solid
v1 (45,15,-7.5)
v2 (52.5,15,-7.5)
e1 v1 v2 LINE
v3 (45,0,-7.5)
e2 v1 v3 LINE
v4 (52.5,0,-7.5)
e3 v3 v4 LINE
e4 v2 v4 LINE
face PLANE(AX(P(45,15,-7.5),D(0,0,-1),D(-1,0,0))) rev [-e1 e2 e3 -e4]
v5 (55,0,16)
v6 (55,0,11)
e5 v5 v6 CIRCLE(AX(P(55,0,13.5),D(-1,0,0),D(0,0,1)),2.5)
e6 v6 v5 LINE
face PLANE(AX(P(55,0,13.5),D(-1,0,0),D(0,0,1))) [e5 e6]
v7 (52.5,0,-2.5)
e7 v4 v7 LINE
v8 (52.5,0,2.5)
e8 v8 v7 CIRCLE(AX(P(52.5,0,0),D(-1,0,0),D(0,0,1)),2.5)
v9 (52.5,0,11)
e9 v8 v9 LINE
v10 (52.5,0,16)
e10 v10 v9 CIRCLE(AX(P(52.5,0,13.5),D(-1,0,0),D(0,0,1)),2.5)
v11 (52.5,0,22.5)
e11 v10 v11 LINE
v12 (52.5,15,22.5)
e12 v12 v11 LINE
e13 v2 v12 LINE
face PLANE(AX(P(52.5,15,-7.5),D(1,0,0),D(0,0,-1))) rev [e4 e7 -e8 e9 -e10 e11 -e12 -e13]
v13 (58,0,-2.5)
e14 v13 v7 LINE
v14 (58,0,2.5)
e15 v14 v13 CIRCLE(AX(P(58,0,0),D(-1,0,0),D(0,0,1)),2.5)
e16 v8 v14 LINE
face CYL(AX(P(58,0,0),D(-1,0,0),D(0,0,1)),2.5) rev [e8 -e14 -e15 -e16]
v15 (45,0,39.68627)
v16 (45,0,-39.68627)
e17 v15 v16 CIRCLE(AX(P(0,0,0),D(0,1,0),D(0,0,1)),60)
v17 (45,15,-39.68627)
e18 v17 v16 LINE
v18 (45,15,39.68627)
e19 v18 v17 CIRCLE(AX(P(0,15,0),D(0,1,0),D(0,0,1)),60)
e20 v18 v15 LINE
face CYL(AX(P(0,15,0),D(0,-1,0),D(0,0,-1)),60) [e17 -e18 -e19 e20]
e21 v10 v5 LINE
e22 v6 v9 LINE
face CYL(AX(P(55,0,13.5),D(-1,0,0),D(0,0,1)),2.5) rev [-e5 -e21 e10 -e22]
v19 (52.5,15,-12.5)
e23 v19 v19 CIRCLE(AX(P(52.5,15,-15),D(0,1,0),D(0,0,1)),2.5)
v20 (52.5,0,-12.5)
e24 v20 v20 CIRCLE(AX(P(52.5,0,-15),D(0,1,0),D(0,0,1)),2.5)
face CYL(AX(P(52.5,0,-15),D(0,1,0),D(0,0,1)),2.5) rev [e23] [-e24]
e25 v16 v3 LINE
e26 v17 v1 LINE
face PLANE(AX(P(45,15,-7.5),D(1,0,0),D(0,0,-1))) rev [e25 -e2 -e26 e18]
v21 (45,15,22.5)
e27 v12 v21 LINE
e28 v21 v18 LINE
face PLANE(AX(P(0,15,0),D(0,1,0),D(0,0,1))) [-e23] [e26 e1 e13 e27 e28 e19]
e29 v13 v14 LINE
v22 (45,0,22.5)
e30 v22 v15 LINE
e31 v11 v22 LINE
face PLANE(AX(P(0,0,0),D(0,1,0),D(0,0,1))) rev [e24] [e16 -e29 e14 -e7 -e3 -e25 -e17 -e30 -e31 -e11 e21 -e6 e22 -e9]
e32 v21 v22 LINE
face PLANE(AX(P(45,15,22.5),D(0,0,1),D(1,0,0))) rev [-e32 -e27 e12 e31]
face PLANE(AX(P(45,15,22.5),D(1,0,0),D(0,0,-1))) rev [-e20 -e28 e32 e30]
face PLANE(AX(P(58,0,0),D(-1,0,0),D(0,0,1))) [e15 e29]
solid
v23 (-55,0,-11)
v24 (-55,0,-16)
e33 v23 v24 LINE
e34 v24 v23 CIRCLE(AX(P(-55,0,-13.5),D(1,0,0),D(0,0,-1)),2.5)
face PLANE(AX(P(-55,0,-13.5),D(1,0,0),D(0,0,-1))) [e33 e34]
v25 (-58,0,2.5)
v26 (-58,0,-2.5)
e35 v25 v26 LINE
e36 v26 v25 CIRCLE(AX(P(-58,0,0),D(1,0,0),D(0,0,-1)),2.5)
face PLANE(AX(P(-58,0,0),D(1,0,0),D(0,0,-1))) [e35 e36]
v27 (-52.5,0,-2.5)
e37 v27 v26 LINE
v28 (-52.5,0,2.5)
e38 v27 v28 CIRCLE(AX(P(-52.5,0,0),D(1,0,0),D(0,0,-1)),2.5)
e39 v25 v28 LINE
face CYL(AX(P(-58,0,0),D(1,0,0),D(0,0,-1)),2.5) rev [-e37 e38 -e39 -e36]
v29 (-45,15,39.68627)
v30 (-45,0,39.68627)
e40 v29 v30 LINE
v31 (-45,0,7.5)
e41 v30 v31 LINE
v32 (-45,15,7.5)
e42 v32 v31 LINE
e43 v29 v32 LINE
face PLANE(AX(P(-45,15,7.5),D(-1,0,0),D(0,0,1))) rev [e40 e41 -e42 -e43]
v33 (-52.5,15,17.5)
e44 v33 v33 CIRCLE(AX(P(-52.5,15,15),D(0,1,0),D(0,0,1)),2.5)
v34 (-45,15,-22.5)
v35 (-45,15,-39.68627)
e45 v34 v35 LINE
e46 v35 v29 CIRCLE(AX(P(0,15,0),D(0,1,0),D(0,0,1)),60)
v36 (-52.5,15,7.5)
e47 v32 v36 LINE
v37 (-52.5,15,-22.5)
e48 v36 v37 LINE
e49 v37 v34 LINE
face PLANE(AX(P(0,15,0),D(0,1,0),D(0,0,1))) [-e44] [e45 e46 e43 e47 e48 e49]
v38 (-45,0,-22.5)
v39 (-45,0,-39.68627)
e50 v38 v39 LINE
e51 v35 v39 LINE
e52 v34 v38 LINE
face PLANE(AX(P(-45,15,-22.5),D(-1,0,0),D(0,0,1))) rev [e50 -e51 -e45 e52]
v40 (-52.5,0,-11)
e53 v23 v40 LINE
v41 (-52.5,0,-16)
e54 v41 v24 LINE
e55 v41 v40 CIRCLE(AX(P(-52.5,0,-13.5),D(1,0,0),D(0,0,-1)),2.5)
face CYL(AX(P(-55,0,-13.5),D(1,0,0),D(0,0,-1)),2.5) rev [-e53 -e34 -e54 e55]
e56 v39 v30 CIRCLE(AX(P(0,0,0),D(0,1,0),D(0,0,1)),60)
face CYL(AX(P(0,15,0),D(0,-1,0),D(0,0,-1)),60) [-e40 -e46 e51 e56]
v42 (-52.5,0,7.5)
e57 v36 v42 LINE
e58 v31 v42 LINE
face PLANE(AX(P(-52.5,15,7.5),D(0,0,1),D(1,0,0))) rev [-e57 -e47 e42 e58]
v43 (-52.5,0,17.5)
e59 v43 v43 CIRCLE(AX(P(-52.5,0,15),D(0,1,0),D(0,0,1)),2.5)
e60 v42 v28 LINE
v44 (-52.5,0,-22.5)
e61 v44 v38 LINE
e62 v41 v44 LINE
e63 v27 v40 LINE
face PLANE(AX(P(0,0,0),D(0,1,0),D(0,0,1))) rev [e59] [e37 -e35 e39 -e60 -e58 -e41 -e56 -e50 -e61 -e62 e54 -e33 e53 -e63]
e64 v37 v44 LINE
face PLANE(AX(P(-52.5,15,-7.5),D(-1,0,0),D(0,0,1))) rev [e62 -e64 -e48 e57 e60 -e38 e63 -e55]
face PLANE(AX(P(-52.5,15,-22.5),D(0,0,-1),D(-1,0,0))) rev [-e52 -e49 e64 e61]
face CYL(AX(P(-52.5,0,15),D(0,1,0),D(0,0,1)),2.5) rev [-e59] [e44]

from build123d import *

# Parameters (mm, degrees)
BOSS_EXTRUDE1_DEPTH   = 15
BOSS_EXTRUDE1_2_DEPTH = 15
SKETCH3_R             = 2.5
CUT_EXTRUDE3_DEPTH    = 2.5
SKETCH3_3_R           = 2.5
CUT_EXTRUDE4_DEPTH    = 5.5
CUT_EXTRUDE5_START    = -5.5
SKETCH2_R             = 2.5
CUT_EXTRUDE5_DEPTH    = 5.5
SKETCH2_3_R           = 2.5
CUT_EXTRUDE6_DEPTH    = 2.5
SKETCH4_R             = 2.5
CUT_EXTRUDE7_DEPTH    = 74.484692283


with BuildPart() as part:
    # Sketch1 → Boss-Extrude1 (new body)
    with BuildSketch(Plane(origin=(0, 0, 0), x_dir=(1, 0, 0), z_dir=(0, 1, 0))):
        with BuildLine():
            Line((-45, 22.5), (-45, 39.686269666))
            ThreePointArc((-45, 39.686269666), (-60, 0), (-45, -39.686269666))
            Line((-45, -39.686269666), (-45, -7.5))
            Line((-45, -7.5), (-52.5, -7.5))
            Line((-52.5, -7.5), (-52.5, 7.5))
            Line((-52.5, 7.5), (-52.5, 22.5))
            Line((-52.5, 22.5), (-45, 22.5))
        make_face()
    extrude(amount=BOSS_EXTRUDE1_DEPTH)

    # Sketch3 → Cut-Extrude3 (cut)
    with BuildSketch(Plane(origin=(-52.5, 0, 0), x_dir=(0, 0, -1), z_dir=(1, 0, 0))):
        with Locations((13.5, 0)):
            Circle(SKETCH3_R)
    extrude(amount=-CUT_EXTRUDE3_DEPTH, mode=Mode.SUBTRACT)

    # Sketch3<3> → Cut-Extrude4 (cut)
    with BuildSketch(Plane(origin=(-52.5, 0, 0), x_dir=(0, 0, -1), z_dir=(1, 0, 0))):
        Circle(SKETCH3_3_R)
    extrude(amount=-CUT_EXTRUDE4_DEPTH, mode=Mode.SUBTRACT)


with BuildPart() as body_2:
    # Sketch1 → Boss-Extrude1 2 (new body)
    with BuildSketch(Plane(origin=(0, 0, 0), x_dir=(1, 0, 0), z_dir=(0, 1, 0))):
        with BuildLine():
            Line((45, 7.5), (52.5, 7.5))
            Line((52.5, 7.5), (52.5, -7.5))
            Line((52.5, -7.5), (52.5, -22.5))
            Line((52.5, -22.5), (45, -22.5))
            Line((45, -22.5), (45, -39.686269666))
            ThreePointArc((45, -39.686269666), (60, 0), (45, 39.686269666))
            Line((45, 39.686269666), (45, 7.5))
        make_face()
    extrude(amount=BOSS_EXTRUDE1_2_DEPTH)

    # Sketch2 → Cut-Extrude5 (cut)
    with BuildSketch(Plane.ZY.offset(-52.5).offset(CUT_EXTRUDE5_START)):
        Circle(SKETCH2_R)
    extrude(amount=CUT_EXTRUDE5_DEPTH, mode=Mode.SUBTRACT)

    # Sketch2<3> → Cut-Extrude6 (cut)
    with BuildSketch(Plane.ZY.offset(-52.5)):
        with Locations((13.5, 0)):
            Circle(SKETCH2_3_R)
    extrude(amount=-CUT_EXTRUDE6_DEPTH, mode=Mode.SUBTRACT)


with BuildPart() as cut_extrude7_tool:
    # Sketch4 → Cut-Extrude7 (new, through all)
    with BuildSketch(Plane(origin=(0, 15, 0), x_dir=(1, 0, 0), z_dir=(0, 1, 0))):
        with Locations((52.5, 15)):
            Circle(SKETCH4_R)
        with Locations((-52.5, -15)):
            Circle(SKETCH4_R)
    extrude(amount=-CUT_EXTRUDE7_DEPTH)


with BuildPart() as part_1:
    add(part.part)

    # Cut-Extrude7: cut by cut_extrude7_tool
    add(cut_extrude7_tool.part, mode=Mode.SUBTRACT)


with BuildPart() as body_2_1:
    add(body_2.part)

    # Cut-Extrude7: cut by cut_extrude7_tool
    add(cut_extrude7_tool.part, mode=Mode.SUBTRACT)


solid = Compound([part_1.part, body_2_1.part])
